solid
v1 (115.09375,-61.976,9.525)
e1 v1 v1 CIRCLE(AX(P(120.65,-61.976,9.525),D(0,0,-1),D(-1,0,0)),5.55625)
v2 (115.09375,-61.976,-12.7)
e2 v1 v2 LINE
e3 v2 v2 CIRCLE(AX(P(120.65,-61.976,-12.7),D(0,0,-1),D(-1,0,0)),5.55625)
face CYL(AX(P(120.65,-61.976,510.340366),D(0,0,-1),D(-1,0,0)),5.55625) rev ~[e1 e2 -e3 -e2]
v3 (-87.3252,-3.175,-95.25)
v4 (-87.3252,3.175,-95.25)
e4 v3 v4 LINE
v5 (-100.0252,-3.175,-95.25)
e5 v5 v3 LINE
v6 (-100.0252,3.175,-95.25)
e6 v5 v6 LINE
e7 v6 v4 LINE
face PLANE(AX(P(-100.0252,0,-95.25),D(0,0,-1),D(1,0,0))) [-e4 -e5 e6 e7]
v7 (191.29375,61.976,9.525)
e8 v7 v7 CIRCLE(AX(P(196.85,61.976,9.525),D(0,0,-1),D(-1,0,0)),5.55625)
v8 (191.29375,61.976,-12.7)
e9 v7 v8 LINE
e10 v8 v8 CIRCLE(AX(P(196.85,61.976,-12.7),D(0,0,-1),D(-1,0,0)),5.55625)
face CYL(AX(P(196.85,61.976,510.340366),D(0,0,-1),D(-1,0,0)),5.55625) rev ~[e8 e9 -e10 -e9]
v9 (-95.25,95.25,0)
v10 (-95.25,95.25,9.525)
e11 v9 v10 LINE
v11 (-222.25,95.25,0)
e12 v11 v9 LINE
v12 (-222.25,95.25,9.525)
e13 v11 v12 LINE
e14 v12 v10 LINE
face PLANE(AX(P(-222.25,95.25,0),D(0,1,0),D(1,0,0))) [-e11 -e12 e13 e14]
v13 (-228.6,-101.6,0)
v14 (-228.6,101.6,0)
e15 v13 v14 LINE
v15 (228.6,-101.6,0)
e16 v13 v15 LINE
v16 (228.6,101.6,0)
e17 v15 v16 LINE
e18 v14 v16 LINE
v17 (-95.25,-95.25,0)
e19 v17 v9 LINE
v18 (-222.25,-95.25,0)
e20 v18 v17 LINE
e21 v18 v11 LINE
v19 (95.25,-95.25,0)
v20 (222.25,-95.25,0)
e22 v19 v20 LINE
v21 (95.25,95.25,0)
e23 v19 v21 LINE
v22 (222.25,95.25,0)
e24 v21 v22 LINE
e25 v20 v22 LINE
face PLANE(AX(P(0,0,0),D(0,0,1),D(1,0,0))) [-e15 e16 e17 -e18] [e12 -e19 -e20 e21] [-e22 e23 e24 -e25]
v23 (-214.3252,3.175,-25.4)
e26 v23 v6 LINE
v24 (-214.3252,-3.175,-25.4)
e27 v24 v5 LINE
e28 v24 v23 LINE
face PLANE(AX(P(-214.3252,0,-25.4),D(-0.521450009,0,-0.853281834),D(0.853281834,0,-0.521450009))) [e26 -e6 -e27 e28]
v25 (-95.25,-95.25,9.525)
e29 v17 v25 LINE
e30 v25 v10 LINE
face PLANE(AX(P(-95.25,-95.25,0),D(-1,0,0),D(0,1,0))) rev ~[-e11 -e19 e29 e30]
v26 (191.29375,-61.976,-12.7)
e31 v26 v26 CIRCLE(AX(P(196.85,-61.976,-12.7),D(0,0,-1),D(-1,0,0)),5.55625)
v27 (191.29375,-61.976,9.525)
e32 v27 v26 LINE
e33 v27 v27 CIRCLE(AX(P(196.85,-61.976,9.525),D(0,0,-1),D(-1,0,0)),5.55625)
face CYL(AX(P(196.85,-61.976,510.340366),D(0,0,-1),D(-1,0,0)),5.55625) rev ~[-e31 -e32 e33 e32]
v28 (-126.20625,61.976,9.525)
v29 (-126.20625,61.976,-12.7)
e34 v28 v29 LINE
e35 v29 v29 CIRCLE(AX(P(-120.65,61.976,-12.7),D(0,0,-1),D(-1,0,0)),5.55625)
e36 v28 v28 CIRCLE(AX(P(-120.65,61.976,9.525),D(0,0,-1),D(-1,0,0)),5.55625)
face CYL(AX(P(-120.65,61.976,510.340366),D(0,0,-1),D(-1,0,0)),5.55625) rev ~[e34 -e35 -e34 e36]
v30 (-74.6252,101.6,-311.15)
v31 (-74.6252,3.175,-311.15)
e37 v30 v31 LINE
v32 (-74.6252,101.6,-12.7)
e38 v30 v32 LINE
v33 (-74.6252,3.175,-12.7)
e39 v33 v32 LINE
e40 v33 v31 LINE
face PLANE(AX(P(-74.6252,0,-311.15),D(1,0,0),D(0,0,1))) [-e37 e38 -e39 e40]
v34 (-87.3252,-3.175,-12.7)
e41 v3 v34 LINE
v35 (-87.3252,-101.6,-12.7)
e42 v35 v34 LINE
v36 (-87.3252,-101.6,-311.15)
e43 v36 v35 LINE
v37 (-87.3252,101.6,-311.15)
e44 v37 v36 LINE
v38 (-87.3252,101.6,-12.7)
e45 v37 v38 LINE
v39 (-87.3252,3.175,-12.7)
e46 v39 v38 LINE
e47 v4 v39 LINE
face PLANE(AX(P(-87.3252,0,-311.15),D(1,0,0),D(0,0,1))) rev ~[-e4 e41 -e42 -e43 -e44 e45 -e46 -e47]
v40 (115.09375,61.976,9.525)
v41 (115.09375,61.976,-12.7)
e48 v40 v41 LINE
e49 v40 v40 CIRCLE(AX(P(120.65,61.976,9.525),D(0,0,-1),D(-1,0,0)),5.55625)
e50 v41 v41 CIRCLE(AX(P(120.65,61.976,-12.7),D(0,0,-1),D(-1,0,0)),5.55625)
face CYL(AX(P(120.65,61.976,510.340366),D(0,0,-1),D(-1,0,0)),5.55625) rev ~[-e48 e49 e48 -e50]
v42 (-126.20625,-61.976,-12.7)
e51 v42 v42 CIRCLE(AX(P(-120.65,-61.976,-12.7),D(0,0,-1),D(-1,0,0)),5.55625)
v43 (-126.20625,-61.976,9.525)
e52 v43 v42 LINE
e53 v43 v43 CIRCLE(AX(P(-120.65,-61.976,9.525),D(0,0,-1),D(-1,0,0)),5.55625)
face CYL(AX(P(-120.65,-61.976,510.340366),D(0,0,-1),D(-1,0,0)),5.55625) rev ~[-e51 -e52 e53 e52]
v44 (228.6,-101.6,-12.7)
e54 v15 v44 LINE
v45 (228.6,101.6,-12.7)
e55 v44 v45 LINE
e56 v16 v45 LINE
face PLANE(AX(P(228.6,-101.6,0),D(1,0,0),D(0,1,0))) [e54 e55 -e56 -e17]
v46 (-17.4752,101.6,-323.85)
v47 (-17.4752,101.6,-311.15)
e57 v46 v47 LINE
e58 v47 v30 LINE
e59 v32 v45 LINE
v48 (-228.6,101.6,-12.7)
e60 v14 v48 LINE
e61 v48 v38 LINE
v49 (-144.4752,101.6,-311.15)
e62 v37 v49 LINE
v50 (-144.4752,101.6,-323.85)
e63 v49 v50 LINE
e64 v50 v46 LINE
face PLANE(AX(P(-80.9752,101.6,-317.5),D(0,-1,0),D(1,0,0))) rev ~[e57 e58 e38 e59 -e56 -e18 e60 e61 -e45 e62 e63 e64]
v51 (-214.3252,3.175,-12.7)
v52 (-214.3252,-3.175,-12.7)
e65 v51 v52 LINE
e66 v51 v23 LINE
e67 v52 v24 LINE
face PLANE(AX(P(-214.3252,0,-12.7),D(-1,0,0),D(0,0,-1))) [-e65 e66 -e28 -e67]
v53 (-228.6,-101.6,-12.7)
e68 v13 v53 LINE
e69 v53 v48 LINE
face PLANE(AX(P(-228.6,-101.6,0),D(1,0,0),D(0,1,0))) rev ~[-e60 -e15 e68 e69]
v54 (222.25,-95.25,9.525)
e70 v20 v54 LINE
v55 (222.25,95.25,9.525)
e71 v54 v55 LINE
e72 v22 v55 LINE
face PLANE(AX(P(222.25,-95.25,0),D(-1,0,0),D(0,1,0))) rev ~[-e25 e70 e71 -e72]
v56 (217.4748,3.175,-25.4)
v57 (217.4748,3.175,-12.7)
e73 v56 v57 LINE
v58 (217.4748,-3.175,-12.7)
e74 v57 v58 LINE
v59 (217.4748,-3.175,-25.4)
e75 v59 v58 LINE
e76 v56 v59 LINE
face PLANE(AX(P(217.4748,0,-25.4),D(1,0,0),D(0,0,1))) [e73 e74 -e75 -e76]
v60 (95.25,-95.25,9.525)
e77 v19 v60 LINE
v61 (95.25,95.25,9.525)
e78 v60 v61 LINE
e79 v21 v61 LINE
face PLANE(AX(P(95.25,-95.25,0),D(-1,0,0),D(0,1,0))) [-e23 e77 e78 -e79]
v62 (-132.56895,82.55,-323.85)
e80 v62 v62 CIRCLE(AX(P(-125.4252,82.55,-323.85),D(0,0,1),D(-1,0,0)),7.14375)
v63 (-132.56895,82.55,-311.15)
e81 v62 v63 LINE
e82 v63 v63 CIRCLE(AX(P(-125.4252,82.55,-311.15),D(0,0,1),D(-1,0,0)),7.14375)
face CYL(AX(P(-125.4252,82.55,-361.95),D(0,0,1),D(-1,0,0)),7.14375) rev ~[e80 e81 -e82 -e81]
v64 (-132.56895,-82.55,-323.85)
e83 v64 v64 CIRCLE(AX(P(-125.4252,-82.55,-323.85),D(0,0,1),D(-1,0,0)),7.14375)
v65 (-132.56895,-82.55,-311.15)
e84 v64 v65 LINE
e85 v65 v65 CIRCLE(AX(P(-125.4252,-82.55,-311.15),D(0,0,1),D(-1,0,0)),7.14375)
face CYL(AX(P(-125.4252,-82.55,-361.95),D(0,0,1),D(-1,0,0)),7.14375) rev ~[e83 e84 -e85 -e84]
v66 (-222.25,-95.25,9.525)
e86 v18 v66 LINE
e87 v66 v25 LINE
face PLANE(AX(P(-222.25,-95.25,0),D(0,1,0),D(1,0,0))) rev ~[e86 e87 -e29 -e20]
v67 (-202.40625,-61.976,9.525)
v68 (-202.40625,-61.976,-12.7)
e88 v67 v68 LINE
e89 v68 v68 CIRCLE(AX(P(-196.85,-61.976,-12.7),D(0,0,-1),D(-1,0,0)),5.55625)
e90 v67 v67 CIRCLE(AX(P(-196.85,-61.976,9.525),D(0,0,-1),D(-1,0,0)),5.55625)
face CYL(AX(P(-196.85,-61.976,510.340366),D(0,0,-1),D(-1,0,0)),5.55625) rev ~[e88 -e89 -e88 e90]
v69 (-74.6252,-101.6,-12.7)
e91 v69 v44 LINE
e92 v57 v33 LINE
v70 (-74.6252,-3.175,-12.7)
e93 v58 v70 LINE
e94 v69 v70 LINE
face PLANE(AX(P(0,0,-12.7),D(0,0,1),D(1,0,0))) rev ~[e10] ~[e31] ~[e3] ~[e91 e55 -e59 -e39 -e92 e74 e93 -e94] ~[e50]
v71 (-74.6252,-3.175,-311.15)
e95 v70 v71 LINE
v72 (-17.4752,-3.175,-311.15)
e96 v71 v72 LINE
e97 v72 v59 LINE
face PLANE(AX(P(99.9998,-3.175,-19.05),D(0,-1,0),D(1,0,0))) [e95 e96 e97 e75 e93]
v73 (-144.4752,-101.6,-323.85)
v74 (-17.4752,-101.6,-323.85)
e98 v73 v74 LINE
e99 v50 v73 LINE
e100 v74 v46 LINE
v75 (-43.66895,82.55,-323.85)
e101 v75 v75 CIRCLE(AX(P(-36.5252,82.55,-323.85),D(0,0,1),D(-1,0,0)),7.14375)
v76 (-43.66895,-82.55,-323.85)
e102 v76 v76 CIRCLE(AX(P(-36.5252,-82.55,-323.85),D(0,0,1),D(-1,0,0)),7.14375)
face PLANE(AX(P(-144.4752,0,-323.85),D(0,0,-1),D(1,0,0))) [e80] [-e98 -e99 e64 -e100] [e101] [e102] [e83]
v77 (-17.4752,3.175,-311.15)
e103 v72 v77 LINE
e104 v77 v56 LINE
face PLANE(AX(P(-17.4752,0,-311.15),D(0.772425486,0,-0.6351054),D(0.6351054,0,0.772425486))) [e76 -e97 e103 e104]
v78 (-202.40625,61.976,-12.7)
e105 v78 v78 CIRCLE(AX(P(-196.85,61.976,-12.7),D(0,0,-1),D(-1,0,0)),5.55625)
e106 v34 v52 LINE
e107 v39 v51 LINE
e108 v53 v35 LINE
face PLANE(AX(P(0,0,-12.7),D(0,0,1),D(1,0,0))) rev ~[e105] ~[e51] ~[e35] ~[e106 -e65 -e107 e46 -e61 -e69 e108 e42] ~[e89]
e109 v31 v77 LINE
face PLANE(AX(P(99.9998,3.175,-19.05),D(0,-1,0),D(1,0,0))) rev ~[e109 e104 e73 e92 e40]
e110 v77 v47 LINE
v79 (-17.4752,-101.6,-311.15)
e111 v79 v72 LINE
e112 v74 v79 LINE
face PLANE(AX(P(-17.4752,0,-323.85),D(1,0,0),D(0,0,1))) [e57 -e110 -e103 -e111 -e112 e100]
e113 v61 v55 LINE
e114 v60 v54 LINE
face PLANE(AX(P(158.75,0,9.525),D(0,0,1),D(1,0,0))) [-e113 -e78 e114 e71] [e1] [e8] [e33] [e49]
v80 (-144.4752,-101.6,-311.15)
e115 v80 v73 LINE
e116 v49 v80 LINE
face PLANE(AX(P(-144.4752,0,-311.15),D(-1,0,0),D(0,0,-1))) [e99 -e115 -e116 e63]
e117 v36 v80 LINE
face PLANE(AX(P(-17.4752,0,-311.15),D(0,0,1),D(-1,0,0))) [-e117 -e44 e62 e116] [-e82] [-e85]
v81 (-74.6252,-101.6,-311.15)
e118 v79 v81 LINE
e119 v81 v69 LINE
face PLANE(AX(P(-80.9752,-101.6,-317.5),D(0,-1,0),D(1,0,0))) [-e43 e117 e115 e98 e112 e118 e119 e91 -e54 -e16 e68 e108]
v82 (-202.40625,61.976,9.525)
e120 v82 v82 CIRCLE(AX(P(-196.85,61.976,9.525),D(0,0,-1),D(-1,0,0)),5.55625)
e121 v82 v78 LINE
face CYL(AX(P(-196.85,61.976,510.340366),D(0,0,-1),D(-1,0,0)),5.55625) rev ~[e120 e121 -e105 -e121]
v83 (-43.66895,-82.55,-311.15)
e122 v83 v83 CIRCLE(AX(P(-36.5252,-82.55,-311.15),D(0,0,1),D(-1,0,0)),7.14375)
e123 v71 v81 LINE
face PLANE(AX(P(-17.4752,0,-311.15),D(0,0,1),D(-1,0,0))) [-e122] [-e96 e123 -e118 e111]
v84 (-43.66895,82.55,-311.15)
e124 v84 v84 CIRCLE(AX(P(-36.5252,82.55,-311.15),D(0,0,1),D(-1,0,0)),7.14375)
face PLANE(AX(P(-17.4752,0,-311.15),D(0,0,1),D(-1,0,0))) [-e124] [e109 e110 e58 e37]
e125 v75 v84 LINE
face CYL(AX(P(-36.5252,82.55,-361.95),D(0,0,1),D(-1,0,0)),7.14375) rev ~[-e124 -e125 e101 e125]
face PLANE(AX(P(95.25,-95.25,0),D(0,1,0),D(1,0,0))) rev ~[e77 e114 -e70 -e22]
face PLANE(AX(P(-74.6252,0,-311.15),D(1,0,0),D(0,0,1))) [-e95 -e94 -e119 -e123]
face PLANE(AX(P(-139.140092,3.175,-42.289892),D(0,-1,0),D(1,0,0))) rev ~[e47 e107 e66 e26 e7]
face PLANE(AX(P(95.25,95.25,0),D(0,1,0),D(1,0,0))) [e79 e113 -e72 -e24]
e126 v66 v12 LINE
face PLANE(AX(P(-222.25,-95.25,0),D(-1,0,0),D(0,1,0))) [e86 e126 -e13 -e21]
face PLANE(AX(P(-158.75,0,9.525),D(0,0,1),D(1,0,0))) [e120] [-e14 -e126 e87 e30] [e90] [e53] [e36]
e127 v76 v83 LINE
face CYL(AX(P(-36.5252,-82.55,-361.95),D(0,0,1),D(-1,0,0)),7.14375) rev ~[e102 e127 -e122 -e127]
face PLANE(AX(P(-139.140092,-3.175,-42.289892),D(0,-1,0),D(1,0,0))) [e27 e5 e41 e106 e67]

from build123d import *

# Parameters (mm, degrees)
F0_W      = 457.2
F0_H      = 203.2
F1_DEPTH  = 12.7
F2_W      = 127
F2_H      = 190.5
F3_DEPTH  = 9.525
F5_D      = 11.1125
F7_DEPTH  = 3.175
F8_W      = 234.95
F8_H      = 12.7
F8_W_2    = 57.15
F8_H_2    = 285.75
F9_DEPTH  = 3.175
F10_W     = 12.7
F10_H     = 298.45
F11_DEPTH = 101.6
F13_DEPTH = 101.6
F15_D     = 14.2875
F15_DEPTH = 38.1


with BuildPart() as f1:
    # F0 (on Top) → F1 (new body)
    with BuildSketch(Plane.XY):
        Rectangle(F0_W, F0_H)
    extrude(amount=-F1_DEPTH)

    # F2 (on face) → F3 (join)
    with BuildSketch(Plane.XY):
        with Locations((158.75, 0)):
            Rectangle(F2_W, F2_H)
        with Locations((-158.75, 0)):
            Rectangle(F2_W, F2_H)
    extrude(amount=F3_DEPTH)

    # F5 (through all)
    with Locations(Plane.XY.offset(9.525)):
        with Locations((-196.85, 61.976), (-120.65, 61.976), (-196.85, -61.976), (-120.65, -61.976), (120.65, 61.976), (196.85, 61.976), (120.65, -61.976), (196.85, -61.976)):
            Hole(F5_D / 2)

    # F6 (on Front) → F7 (join, symmetric)
    with BuildSketch(Plane.XZ):
        Polygon((-87.3252, -95.25), (-87.3252, -12.7), (-214.3252, -12.7), (-214.3252, -25.4), (-100.0252, -95.25), align=None)
    extrude(amount=F7_DEPTH, both=True)

    # F8 (on Front) → F9 (join, symmetric)
    with BuildSketch(Plane.XZ):
        with Locations((99.9998, -19.05)):
            Rectangle(F8_W, F8_H)
        Polygon((-17.4752, -311.15), (217.4748, -25.4), (-17.4752, -25.4), align=None)
        with Locations((-46.0502, -19.05)):
            Rectangle(F8_W_2, F8_H)
        with Locations((-46.0502, -168.275)):
            Rectangle(F8_W_2, F8_H_2)
    extrude(amount=F9_DEPTH, both=True)

    # F10 (on Front) → F11 (join, symmetric)
    with BuildSketch(Plane.XZ):
        with Locations((-80.9752, -161.925)):
            Rectangle(F10_W, F10_H)
    extrude(amount=F11_DEPTH, both=True)

    # F12 (on Front) → F13 (join, symmetric)
    with BuildSketch(Plane.XZ):
        Polygon((-17.4752, -311.15), (-74.6252, -311.15), (-144.4752, -311.15), (-144.4752, -323.85), (-17.4752, -323.85), align=None)
    extrude(amount=F13_DEPTH, both=True)

    # F15
    with Locations(Plane(origin=(0, 0, -323.85), x_dir=(1, 0, 0), z_dir=(0, 0, -1))):
        with Locations((-125.4252, 82.55), (-125.4252, -82.55), (-36.5252, 82.55), (-36.5252, -82.55)):
            Hole(F15_D / 2, depth=F15_DEPTH)


solid = f1.part
